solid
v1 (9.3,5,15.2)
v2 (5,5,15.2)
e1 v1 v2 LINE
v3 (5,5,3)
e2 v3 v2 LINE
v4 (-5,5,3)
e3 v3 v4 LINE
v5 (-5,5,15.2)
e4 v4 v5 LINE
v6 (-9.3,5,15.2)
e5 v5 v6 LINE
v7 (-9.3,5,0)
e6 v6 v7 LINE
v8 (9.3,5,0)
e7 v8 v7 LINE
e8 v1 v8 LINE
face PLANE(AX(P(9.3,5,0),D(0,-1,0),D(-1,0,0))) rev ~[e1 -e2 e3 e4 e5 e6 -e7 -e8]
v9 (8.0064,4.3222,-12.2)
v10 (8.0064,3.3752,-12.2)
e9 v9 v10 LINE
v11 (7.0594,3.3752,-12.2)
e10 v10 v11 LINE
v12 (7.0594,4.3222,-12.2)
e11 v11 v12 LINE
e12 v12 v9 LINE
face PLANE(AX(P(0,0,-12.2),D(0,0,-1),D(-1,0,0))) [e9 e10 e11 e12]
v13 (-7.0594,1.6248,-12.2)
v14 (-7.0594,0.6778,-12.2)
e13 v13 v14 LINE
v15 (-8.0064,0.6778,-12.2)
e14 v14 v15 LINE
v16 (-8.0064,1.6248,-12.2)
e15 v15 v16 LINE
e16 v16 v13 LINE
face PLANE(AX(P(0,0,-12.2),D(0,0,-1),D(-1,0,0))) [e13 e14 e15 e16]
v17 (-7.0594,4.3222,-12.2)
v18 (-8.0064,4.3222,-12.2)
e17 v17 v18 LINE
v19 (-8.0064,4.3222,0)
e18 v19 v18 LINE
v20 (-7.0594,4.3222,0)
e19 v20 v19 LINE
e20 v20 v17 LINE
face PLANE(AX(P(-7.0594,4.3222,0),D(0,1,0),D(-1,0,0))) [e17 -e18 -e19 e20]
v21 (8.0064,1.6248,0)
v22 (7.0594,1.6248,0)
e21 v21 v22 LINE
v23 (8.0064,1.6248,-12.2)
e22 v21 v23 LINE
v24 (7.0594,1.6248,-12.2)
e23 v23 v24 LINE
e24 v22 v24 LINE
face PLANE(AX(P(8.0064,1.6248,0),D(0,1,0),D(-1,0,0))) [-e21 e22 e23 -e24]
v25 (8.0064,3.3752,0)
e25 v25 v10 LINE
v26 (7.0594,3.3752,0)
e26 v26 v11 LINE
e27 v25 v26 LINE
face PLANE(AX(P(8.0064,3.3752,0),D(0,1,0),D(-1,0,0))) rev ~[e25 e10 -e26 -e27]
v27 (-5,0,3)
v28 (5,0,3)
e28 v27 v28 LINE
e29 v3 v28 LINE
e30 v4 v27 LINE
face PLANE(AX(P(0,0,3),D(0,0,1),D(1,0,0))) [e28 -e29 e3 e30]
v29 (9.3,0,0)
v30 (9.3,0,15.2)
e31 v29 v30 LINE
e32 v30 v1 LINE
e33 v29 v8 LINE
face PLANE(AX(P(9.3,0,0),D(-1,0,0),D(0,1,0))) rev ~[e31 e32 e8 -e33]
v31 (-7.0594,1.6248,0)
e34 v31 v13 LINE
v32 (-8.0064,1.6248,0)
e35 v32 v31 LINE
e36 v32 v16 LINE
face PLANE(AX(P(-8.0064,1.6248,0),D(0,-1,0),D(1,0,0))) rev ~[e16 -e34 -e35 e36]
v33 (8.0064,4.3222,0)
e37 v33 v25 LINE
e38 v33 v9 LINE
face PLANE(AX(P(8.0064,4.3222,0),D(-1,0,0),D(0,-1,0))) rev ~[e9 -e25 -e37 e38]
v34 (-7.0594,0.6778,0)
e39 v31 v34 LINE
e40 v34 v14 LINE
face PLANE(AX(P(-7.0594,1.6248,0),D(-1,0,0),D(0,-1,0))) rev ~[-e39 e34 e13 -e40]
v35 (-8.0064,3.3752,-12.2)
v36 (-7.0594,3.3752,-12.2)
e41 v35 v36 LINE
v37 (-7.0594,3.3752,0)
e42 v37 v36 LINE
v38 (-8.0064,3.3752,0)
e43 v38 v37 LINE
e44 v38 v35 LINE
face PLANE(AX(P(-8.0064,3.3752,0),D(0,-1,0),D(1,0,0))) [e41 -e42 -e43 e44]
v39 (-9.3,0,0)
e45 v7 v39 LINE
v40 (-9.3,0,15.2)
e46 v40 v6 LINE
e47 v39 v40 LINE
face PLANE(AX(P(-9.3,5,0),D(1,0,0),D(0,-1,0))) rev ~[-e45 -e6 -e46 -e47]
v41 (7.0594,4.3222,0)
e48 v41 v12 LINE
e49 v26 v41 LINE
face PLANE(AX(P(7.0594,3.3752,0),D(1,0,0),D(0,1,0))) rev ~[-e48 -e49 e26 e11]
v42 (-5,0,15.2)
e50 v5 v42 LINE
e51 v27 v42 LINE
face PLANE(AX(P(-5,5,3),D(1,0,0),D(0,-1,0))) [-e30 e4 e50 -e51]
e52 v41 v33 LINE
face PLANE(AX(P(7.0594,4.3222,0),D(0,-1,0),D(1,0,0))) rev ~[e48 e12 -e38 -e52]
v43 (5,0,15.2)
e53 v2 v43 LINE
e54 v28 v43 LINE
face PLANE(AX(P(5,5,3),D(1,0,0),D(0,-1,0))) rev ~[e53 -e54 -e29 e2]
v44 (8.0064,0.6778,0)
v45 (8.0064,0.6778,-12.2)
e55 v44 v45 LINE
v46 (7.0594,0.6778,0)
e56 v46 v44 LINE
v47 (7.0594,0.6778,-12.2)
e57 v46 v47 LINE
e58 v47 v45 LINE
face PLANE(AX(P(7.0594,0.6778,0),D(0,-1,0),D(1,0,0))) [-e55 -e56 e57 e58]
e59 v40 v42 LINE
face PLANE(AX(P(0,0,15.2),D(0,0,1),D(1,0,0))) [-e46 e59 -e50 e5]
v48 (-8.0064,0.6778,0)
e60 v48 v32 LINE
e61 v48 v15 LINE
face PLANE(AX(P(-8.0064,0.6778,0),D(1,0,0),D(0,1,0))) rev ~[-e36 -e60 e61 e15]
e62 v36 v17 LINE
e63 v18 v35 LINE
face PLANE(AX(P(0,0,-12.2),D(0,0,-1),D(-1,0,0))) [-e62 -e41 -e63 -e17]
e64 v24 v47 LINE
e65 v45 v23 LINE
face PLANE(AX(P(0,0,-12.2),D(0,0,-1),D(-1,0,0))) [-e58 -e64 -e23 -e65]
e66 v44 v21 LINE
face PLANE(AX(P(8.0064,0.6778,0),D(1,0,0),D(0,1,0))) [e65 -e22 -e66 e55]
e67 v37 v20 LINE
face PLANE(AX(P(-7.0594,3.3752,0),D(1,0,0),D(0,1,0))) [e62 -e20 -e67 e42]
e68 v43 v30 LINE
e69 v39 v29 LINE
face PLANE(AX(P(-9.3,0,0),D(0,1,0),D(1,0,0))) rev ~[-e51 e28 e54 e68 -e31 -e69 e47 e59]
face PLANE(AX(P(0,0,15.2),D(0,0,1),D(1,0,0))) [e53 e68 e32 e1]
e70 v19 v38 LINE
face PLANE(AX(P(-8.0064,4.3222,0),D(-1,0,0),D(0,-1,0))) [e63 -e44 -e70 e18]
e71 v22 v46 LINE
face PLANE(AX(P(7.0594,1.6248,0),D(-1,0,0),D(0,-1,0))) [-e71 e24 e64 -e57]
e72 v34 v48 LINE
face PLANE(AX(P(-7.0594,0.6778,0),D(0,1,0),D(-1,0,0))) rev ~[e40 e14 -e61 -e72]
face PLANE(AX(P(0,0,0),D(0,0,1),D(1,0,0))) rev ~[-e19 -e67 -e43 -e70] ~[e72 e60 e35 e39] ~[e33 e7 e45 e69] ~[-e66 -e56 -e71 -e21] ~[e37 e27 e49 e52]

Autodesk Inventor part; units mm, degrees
ref_plane "YZ Plane" through (0, 0, 0) normal (1, 0, 0) x (0, 1, 0)
ref_plane "XZ Plane" through (0, 0, 0) normal (0, 1, 0) x (-1, 0, 0)
ref_plane "XY Plane" through (0, 0, 0) normal (0, 0, 1) x (1, 0, 0)
sketch "Sketch1" plane through (0, 0, 0) normal (0, 0, 1) x (1, 0, 0)
  line L0 (-9.3, 0) -> (9.3, 0)
  line L1 (9.3, 0) -> (9.3, 5)
  line L2 (9.3, 5) -> (-9.3, 5)
  line L3 (-9.3, 5) -> (-9.3, 0)
  point P0 (0, 0)
  dimension "d2" = 18.6
  dimension "d3" = 9.3
  dimension "d4" = 5
  dimension "d7" = 0
extrude "Extrusion1" add sketch "Sketch1" along normal blind 3
sketch "Sketch2" plane through (0, 0, 3) normal (0, 0, 1) x (1, 0, 0)
  point P0 (0, 0)
sketch "Sketch3" plane through (0, 0, 3) normal (0, 0, 1) x (1, 0, 0)
  line L0 (9.3, 5) -> (-9.3, 5) projected
  line L1 (-9.3, 0) -> (9.3, 0) projected
  line L2 (-9.3, 5) -> (-5, 5)
  line L3 (-5, 5) -> (-5, 0)
  line L4 (-5, 0) -> (-9.3, 0)
  line L5 (-9.3, 0) -> (-9.3, 5)
  line L6 (0, 0) -> (0, 6.3784) construction
  line L7 (9.3, 5) -> (5, 5)
  line L8 (5, 5) -> (5, 0)
  line L9 (5, 0) -> (9.3, 0)
  line L10 (9.3, 0) -> (9.3, 5)
  point P0 (9.3, 0)
  dimension "d8" = 5
extrude "Extrusion2" add sketch "Sketch3" along normal blind 12.2 contours L10 L1 L8 L0 | L3 L1 L5 L0
sketch "Sketch4" plane through (0, 0, 0) normal (0, 0, -1) x (-1, 0, 0)
  line L0 (0, 1.1656) -> (-7.6, 1.1656) construction
  line L1 (0, 0) -> (0, 7.9667) construction
  line L2 (-8.0064, 1.6248) -> (-7.0594, 1.6248)
  line L3 (-7.0594, 1.6248) -> (-7.0594, 0.6778)
  line L4 (-7.0594, 0.6778) -> (-8.0064, 0.6778)
  line L5 (-8.0064, 0.6778) -> (-8.0064, 1.6248)
  line L6 (-9.3, 0) -> (-9.3, 5) projected
  line L7 (-9.3, 2.5) -> (9.3, 2.5) construction
  line L8 (9.3, 5) -> (9.3, 0) projected
  line L9 (-8.0064, 3.3752) -> (-7.0594, 3.3752)
  line L10 (-7.0594, 3.3752) -> (-7.0594, 4.3222)
  line L11 (-7.0594, 4.3222) -> (-8.0064, 4.3222)
  line L12 (-8.0064, 4.3222) -> (-8.0064, 3.3752)
  line L13 (8.0064, 1.6248) -> (7.0594, 1.6248)
  line L14 (7.0594, 1.6248) -> (7.0594, 0.6778)
  line L15 (7.0594, 0.6778) -> (8.0064, 0.6778)
  line L16 (8.0064, 0.6778) -> (8.0064, 1.6248)
  line L17 (8.0064, 3.3752) -> (7.0594, 3.3752)
  line L18 (7.0594, 3.3752) -> (7.0594, 4.3222)
  line L19 (7.0594, 4.3222) -> (8.0064, 4.3222)
  line L20 (8.0064, 4.3222) -> (8.0064, 3.3752)
  dimension "d11" = 7.6
extrude "Extrusion3" add sketch "Sketch4" along normal blind 12.2
properties part number "p_inter" material "PC/ABS Plastic"
